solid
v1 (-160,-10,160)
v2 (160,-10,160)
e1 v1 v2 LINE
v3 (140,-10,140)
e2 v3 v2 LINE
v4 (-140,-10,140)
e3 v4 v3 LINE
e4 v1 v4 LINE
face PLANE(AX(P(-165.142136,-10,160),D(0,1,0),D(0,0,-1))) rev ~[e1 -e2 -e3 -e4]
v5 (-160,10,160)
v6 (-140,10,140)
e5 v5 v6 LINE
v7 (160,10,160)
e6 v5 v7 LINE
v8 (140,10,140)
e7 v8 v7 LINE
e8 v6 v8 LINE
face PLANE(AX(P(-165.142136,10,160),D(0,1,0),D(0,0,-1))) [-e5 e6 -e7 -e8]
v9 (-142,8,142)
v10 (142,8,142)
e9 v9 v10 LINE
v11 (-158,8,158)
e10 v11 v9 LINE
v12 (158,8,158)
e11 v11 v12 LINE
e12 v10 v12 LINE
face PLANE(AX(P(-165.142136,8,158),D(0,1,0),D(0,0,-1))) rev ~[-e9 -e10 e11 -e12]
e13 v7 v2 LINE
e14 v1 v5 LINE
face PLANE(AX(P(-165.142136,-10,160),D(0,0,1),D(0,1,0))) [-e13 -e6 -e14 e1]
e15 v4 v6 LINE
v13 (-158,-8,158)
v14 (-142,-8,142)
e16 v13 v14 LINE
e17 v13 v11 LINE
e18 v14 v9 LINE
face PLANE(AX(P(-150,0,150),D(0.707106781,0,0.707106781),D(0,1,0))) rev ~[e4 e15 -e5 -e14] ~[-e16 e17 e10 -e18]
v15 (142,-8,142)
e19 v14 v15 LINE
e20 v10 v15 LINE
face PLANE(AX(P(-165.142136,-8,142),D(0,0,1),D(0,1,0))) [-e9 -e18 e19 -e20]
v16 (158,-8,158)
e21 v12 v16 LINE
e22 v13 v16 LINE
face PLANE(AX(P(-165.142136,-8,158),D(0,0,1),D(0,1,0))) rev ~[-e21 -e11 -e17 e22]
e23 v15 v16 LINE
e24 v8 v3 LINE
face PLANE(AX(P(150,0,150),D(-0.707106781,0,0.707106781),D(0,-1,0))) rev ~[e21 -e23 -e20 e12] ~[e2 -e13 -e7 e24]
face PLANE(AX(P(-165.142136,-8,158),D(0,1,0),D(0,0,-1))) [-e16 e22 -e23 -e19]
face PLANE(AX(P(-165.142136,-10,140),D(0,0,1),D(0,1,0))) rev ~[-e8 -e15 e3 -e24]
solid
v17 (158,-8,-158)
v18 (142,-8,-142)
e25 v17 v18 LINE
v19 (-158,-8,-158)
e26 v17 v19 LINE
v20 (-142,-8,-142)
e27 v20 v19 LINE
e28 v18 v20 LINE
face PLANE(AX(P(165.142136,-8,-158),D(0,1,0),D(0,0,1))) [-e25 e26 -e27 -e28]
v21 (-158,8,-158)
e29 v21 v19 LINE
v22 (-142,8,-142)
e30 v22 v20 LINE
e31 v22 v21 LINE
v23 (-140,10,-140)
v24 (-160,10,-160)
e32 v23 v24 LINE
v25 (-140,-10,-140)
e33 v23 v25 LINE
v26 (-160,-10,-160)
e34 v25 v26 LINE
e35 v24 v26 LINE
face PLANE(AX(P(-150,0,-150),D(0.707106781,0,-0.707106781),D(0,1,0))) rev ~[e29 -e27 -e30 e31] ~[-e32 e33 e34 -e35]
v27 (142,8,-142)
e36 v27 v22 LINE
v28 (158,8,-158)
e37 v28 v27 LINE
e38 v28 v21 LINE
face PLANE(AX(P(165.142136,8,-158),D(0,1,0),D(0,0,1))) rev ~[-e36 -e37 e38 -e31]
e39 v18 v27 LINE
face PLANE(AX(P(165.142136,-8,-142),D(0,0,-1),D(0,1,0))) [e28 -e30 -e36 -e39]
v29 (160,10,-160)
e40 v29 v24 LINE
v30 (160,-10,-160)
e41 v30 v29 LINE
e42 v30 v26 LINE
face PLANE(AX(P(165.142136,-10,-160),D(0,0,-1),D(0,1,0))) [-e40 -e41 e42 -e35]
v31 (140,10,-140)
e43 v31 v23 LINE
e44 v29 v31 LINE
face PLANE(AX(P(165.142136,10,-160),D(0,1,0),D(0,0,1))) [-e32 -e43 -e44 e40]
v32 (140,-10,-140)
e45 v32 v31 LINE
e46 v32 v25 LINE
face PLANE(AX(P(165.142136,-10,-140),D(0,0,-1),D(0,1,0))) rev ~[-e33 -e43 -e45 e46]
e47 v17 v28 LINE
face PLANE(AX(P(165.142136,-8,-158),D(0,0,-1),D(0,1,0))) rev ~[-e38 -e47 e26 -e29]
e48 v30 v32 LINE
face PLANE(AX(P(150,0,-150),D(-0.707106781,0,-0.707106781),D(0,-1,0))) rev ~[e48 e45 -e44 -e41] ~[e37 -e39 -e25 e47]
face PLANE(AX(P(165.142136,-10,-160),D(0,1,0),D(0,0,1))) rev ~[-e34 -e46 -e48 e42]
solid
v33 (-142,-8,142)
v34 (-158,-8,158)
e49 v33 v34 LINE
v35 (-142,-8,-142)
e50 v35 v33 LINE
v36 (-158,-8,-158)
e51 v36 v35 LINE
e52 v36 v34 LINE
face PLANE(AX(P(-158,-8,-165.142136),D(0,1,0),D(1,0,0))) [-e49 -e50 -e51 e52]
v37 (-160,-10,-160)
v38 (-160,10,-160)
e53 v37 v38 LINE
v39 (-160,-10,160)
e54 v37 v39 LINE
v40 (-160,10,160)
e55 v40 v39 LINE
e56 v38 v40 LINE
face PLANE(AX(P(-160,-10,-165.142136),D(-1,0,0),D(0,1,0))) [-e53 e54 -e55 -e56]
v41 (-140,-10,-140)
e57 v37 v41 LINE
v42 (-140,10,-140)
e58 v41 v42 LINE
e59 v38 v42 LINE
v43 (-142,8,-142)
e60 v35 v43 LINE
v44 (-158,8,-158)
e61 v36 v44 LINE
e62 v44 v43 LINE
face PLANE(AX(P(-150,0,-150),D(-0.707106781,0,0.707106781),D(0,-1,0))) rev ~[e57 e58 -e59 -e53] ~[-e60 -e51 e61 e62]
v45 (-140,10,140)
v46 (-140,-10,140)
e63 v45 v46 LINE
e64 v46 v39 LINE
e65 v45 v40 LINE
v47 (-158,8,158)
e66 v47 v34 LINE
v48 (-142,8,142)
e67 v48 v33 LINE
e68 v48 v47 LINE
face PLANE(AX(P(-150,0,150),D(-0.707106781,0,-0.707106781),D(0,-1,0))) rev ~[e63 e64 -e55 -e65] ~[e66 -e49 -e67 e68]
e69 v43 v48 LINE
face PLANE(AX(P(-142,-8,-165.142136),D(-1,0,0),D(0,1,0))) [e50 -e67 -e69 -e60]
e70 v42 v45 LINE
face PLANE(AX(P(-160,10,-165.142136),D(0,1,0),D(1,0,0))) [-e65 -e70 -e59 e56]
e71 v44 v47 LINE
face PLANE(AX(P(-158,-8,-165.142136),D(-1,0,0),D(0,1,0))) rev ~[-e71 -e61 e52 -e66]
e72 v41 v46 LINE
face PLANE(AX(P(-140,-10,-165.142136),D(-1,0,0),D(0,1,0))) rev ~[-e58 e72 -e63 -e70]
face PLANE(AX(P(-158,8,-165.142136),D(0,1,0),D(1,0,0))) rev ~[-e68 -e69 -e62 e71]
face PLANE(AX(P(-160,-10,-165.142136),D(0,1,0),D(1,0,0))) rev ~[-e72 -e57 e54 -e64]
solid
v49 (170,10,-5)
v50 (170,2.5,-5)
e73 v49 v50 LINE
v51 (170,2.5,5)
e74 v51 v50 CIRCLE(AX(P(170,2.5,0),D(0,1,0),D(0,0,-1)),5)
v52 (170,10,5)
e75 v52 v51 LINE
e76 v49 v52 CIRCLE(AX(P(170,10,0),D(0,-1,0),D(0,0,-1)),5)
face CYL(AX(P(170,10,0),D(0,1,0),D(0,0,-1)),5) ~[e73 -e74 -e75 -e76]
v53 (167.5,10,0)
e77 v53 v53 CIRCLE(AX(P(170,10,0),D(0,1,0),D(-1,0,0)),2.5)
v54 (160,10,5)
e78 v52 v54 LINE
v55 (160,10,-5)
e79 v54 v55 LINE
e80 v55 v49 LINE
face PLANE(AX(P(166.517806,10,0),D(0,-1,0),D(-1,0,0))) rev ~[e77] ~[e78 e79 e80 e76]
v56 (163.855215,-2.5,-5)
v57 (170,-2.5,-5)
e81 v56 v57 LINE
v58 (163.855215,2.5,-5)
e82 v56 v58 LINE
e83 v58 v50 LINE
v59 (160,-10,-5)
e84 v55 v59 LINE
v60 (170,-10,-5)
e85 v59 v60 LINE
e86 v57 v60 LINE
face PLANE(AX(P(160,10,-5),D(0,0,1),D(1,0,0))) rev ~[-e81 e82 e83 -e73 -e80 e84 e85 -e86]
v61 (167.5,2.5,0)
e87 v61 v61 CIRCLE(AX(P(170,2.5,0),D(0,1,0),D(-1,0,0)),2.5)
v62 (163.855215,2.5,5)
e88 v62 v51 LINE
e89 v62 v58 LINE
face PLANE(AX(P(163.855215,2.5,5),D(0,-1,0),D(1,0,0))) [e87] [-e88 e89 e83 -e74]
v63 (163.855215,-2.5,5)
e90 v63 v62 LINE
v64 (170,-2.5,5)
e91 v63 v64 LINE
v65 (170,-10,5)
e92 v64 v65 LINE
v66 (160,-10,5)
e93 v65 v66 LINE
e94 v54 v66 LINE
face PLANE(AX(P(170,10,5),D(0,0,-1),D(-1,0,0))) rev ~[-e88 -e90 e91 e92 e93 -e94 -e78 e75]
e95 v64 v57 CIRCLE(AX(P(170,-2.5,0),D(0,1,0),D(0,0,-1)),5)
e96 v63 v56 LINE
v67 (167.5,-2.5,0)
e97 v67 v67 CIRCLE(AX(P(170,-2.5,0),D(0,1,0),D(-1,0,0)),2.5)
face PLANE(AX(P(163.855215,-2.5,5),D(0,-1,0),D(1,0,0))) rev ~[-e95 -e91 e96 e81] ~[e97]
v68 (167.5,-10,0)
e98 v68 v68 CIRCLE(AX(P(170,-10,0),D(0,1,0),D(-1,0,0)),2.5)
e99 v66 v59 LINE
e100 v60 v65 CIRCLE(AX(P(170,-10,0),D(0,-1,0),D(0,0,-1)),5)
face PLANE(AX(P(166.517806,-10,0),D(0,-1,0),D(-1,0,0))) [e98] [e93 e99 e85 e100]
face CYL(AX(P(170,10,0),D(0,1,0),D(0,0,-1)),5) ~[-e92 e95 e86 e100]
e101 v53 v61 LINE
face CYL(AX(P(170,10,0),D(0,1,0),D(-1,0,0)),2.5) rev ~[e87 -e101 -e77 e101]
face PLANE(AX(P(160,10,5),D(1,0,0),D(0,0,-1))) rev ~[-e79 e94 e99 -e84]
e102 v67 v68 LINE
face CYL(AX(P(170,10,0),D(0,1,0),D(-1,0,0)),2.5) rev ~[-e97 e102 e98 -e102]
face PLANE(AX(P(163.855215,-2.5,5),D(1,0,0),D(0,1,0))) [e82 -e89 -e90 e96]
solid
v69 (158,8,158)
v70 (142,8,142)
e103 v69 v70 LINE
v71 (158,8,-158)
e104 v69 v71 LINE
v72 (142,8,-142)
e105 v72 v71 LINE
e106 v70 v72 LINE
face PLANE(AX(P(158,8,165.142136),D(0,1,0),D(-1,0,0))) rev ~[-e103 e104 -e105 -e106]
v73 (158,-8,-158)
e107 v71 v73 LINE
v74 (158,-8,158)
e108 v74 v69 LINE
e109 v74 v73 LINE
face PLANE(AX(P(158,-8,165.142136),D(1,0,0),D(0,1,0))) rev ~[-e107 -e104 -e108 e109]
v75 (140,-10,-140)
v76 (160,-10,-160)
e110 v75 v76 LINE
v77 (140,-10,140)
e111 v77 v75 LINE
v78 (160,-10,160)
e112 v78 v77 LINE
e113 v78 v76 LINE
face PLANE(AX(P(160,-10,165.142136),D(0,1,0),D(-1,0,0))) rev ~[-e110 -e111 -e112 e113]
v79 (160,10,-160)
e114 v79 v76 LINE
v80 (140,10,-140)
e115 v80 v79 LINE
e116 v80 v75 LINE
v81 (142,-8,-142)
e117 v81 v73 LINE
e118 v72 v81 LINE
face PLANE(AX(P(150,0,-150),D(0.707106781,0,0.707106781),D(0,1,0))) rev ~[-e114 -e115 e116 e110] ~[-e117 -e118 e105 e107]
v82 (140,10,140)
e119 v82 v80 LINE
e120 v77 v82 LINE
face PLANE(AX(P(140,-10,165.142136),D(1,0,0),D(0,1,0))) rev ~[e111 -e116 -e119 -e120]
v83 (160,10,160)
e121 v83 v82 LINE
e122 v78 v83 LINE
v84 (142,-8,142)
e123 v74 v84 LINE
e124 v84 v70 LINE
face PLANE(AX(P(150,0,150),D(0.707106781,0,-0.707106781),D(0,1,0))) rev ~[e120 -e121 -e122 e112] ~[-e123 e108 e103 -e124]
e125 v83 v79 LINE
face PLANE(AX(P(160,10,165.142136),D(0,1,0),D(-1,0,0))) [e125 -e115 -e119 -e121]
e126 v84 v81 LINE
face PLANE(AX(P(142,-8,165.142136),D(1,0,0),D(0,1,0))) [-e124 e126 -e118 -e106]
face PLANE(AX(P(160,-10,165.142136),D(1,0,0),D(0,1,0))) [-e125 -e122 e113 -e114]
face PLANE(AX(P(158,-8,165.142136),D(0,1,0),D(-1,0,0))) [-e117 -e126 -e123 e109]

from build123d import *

# Parameters (mm, degrees)
TUBO_CUADRADO_20_X_20_X_2_2_DEPTH      = 315.142135624
TUBO_CUADRADO_20_X_20_X_2_2_DEPTH_BACK = 15.142135624
SKETCH1_W                              = 20
SKETCH1_H                              = 20
SKETCH1_W_2                            = 16
SKETCH1_H_2                            = 16
SKETCH1_ON_SEGMENT_2_W                 = 20
SKETCH1_ON_SEGMENT_2_H                 = 20
SKETCH1_ON_SEGMENT_2_W_2               = 16
SKETCH1_ON_SEGMENT_2_H_2               = 16
TUBO_CUADRADO_20_X_20_X_2_2_2_DEPTH    = 330.284271247
SKETCH1_ON_SEGMENT_3_W                 = 20
SKETCH1_ON_SEGMENT_3_H                 = 20
SKETCH1_ON_SEGMENT_3_W_2               = 16
SKETCH1_ON_SEGMENT_3_H_2               = 16
TUBO_CUADRADO_20_X_20_X_2_2_3_DEPTH    = 330.284271247
SKETCH1_ON_SEGMENT_4_W                 = 20
SKETCH1_ON_SEGMENT_4_H                 = 20
SKETCH1_ON_SEGMENT_4_W_2               = 16
SKETCH1_ON_SEGMENT_4_H_2               = 16
TUBO_CUADRADO_20_X_20_X_2_2_4_DEPTH    = 330.284271247
CROQUIS7_R                             = 2.5
SALIENTE_EXTRUIR1_DEPTH                = 20
CROQUIS8_W                             = 15.105602269
CROQUIS8_H                             = 5
CORTAR_EXTRUIR1_DEPTH                  = 80


with BuildPart() as part:
    # Sketch1 → Tubo cuadrado 20 X 20 X 2(2) (new, two sides: drawn at the far end of the back side and taken through both)
    with BuildSketch(Plane(origin=(-150, 0, -150), x_dir=(1, 0, 0), z_dir=(0, 0, 1)).offset(-TUBO_CUADRADO_20_X_20_X_2_2_DEPTH_BACK)):
        Rectangle(SKETCH1_W, SKETCH1_H)
        Rectangle(SKETCH1_W_2, SKETCH1_H_2, mode=Mode.SUBTRACT)
    extrude(amount=TUBO_CUADRADO_20_X_20_X_2_2_DEPTH + TUBO_CUADRADO_20_X_20_X_2_2_DEPTH_BACK)

    # Tubo cuadrado 20 X 20 X 2(2) mitre 1
    split(bisect_by=Plane(origin=(-150, 0, -150), x_dir=(0, -1, 0), z_dir=(-0.707106781, 0, 0.707106781)), keep=Keep.TOP)

    # Tubo cuadrado 20 X 20 X 2(2) mitre 2
    split(bisect_by=Plane(origin=(-150, 0, 150), x_dir=(0, -1, 0), z_dir=(-0.707106781, 0, -0.707106781)), keep=Keep.TOP)


with BuildPart() as body_2:
    # Sketch1 on segment 2 (carried to segment 2) → Tubo cuadrado 20 X 20 X 2_2 2 (new body)
    with BuildSketch(Plane(origin=(-165.142135624, 0, 150), x_dir=(0, 0, -1), z_dir=(1, 0, 0))):
        Rectangle(SKETCH1_ON_SEGMENT_2_W, SKETCH1_ON_SEGMENT_2_H)
        Rectangle(SKETCH1_ON_SEGMENT_2_W_2, SKETCH1_ON_SEGMENT_2_H_2, mode=Mode.SUBTRACT)
    extrude(amount=TUBO_CUADRADO_20_X_20_X_2_2_2_DEPTH)

    # Tubo cuadrado 20 X 20 X 2_2 2 mitre 1
    split(bisect_by=Plane(origin=(-150, 0, 150), x_dir=(0, 1, 0), z_dir=(0.707106781, 0, 0.707106781)), keep=Keep.TOP)

    # Tubo cuadrado 20 X 20 X 2_2 2 mitre 2
    split(bisect_by=Plane(origin=(150, 0, 150), x_dir=(0, -1, 0), z_dir=(-0.707106781, 0, 0.707106781)), keep=Keep.TOP)


with BuildPart() as body_3:
    # Sketch1 on segment 3 (carried to segment 3) → Tubo cuadrado 20 X 20 X 2_2 3 (new body)
    with BuildSketch(Plane(origin=(150, 0, 165.142135624), x_dir=(-1, 0, 0), z_dir=(0, 0, -1))):
        Rectangle(SKETCH1_ON_SEGMENT_3_W, SKETCH1_ON_SEGMENT_3_H)
        Rectangle(SKETCH1_ON_SEGMENT_3_W_2, SKETCH1_ON_SEGMENT_3_H_2, mode=Mode.SUBTRACT)
    extrude(amount=TUBO_CUADRADO_20_X_20_X_2_2_3_DEPTH)

    # Tubo cuadrado 20 X 20 X 2_2 3 mitre 1
    split(bisect_by=Plane(origin=(150, 0, -150), x_dir=(0, 1, 0), z_dir=(0.707106781, 0, 0.707106781)), keep=Keep.TOP)

    # Tubo cuadrado 20 X 20 X 2_2 3 mitre 2
    split(bisect_by=Plane(origin=(150, 0, 150), x_dir=(0, 1, 0), z_dir=(0.707106781, 0, -0.707106781)), keep=Keep.TOP)


with BuildPart() as body_4:
    # Sketch1 on segment 4 (carried to segment 4) → Tubo cuadrado 20 X 20 X 2_2 4 (new body)
    with BuildSketch(Plane(origin=(165.142135624, 0, -150), x_dir=(0, 0, 1), z_dir=(-1, 0, 0))):
        Rectangle(SKETCH1_ON_SEGMENT_4_W, SKETCH1_ON_SEGMENT_4_H)
        Rectangle(SKETCH1_ON_SEGMENT_4_W_2, SKETCH1_ON_SEGMENT_4_H_2, mode=Mode.SUBTRACT)
    extrude(amount=TUBO_CUADRADO_20_X_20_X_2_2_4_DEPTH)

    # Tubo cuadrado 20 X 20 X 2_2 4 mitre 1
    split(bisect_by=Plane(origin=(-150, 0, -150), x_dir=(0, 1, 0), z_dir=(0.707106781, 0, -0.707106781)), keep=Keep.TOP)

    # Tubo cuadrado 20 X 20 X 2_2 4 mitre 2
    split(bisect_by=Plane(origin=(150, 0, -150), x_dir=(0, -1, 0), z_dir=(-0.707106781, 0, -0.707106781)), keep=Keep.TOP)


with BuildPart() as body_5:
    # Croquis7 → Saliente-Extruir1 (new body)
    with BuildSketch(Plane(origin=(0, 10, 0), x_dir=(1, 0, 0), z_dir=(0, 1, 0))):
        with BuildLine():
            Line((160, 0), (160, 5))
            Line((160, 5), (170, 5))
            ThreePointArc((170, 5), (175, 0), (170, -5))
            Line((170, -5), (160, -5))
            Line((160, -5), (160, 0))
        make_face()
        with Locations(Location((170, 0, 0), (0, 0, 180))):
            Circle(CROQUIS7_R, mode=Mode.SUBTRACT)
    extrude(amount=-SALIENTE_EXTRUIR1_DEPTH)

    # Croquis8 → Cortar-Extruir1 (cut)
    with BuildSketch(Plane.XY.offset(5)):
        with Locations((171.408016387, 0)):
            Rectangle(CROQUIS8_W, CROQUIS8_H)
    extrude(amount=-CORTAR_EXTRUIR1_DEPTH, mode=Mode.SUBTRACT)


solid = Compound([part.part, body_2.part, body_3.part, body_4.part, body_5.part])
